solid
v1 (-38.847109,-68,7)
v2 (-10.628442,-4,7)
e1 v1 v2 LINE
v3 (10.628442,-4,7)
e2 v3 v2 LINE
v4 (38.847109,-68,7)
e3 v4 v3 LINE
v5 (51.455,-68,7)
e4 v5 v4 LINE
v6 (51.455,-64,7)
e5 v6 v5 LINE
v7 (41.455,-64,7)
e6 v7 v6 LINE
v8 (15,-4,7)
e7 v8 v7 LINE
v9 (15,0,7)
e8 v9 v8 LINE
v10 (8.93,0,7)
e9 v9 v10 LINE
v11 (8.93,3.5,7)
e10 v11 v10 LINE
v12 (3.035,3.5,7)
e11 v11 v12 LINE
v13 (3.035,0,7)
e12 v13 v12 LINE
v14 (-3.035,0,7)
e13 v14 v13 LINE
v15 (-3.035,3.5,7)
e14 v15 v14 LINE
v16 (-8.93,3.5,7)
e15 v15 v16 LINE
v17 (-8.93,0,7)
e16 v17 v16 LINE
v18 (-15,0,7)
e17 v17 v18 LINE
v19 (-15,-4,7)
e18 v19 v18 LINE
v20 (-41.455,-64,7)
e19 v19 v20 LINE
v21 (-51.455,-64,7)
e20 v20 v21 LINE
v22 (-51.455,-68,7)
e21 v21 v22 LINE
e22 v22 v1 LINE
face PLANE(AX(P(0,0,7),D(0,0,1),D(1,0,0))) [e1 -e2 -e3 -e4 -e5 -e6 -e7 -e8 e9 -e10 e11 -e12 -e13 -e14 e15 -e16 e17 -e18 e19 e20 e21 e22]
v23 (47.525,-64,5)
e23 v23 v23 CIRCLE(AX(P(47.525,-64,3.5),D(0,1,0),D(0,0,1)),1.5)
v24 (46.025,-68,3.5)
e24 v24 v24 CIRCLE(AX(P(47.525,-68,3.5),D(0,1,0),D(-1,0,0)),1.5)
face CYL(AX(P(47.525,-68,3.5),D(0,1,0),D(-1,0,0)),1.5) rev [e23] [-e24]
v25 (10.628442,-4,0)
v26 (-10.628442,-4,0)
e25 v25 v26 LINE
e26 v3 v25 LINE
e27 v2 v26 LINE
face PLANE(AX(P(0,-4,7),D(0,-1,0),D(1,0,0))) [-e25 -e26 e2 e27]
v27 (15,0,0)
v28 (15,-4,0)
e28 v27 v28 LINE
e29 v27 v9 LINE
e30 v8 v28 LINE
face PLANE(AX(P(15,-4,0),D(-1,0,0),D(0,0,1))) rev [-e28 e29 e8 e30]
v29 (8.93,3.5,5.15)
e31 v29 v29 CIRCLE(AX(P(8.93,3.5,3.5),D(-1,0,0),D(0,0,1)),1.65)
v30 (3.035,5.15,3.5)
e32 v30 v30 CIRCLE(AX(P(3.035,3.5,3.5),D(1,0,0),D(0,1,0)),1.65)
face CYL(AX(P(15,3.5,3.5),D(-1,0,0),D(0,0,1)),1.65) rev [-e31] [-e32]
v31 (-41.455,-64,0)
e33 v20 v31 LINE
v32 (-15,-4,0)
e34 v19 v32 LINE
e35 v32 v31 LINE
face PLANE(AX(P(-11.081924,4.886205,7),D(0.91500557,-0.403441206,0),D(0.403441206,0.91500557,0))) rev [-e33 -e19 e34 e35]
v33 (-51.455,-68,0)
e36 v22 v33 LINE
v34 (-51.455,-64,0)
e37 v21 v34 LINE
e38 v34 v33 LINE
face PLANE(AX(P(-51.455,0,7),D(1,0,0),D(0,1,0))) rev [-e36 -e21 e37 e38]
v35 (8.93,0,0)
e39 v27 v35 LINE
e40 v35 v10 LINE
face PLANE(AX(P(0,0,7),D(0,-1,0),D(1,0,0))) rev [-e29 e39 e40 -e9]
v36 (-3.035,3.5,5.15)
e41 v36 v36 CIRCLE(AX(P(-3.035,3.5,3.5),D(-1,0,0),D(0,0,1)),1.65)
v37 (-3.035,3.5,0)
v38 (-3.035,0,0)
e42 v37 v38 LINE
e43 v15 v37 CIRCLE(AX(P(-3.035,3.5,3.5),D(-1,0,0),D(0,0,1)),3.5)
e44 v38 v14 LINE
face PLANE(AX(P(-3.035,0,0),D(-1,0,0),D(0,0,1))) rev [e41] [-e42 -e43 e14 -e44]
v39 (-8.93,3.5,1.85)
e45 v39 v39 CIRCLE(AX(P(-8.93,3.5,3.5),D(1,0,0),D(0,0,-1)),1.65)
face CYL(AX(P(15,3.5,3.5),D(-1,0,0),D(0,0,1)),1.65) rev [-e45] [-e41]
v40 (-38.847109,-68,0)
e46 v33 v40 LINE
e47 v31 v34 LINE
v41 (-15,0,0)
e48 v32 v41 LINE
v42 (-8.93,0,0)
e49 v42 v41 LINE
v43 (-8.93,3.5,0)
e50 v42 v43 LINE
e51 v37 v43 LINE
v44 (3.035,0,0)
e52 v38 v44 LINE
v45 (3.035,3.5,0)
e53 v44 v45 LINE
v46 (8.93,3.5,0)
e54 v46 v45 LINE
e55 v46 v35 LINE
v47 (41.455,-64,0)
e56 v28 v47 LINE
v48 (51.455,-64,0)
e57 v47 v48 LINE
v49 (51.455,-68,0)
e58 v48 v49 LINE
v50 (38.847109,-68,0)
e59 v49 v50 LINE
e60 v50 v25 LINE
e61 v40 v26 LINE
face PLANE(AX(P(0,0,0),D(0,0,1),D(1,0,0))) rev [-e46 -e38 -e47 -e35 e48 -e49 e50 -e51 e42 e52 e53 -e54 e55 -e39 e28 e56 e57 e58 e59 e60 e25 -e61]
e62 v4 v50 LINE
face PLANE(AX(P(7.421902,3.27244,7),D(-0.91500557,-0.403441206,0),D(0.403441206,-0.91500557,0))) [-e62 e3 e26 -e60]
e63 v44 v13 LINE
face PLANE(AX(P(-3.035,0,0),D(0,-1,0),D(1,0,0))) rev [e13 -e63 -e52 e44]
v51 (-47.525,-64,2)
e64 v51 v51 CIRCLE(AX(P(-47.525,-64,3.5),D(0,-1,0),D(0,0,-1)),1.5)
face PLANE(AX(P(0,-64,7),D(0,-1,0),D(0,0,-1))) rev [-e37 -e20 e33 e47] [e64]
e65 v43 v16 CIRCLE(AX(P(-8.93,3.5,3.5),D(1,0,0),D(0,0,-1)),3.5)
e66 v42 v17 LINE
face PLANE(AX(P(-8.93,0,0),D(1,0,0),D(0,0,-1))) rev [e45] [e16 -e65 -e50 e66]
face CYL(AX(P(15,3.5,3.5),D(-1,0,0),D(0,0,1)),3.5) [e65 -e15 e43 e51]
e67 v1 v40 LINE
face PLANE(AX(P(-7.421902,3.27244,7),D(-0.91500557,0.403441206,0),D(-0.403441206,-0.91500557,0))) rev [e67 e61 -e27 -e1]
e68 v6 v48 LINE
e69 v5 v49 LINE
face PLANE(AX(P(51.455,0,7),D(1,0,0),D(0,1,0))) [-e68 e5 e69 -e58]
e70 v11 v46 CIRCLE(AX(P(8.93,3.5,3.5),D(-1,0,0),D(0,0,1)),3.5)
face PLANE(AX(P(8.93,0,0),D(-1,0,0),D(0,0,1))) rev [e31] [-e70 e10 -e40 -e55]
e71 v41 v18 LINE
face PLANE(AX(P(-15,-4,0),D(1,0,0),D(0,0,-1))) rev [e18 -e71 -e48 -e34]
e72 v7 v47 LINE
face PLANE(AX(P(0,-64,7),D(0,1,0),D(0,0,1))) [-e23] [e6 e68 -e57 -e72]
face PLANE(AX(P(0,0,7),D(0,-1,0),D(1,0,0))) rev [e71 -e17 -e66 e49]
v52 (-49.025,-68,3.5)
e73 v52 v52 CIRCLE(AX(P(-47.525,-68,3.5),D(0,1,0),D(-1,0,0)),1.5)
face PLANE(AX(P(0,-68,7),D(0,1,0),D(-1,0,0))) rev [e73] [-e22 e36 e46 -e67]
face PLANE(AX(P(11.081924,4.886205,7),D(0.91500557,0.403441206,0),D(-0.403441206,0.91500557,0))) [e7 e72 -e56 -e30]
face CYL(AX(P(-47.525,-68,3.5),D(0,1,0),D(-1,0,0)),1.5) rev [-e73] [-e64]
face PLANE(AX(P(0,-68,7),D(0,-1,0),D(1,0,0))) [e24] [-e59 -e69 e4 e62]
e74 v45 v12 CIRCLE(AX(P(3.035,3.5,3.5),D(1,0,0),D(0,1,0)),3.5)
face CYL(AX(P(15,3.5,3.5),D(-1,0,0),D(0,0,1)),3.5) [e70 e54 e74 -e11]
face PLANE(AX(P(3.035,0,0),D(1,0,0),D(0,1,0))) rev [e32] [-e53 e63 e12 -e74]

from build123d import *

# Parameters (mm, degrees)
SALIENTE_EXTRUIR3_DEPTH    = 7
CORTAR_EXTRUIR2_DEPTH      = 86.560604398
CORTAR_EXTRUIR2_DEPTH_BACK = 86.560604398
CROQUIS5_R                 = 1.5
CROQUIS6_R                 = 1.65
SALIENTE_EXTRUIR4_DEPTH    = 15
CROQUIS7_W                 = 6.07
CROQUIS7_H                 = 7
CORTAR_EXTRUIR3_DEPTH      = 86.560604398
CROQUIS8_W                 = 36.455
CROQUIS8_H                 = 4
CORTAR_EXTRUIR4_DEPTH      = 86.560604398


with BuildPart() as part:
    # Croquis4 → Saliente-Extruir3 (new body)
    with BuildSketch(Plane.XY):
        Polygon((-38.847108579, -68), (-10.628441913, -4), (-15, -4), (-41.455, -64), (-51.455, -64), (-51.455, -68), align=None)
        Polygon((0, -4), (0, 0), (-51.455, 0), (-51.455, -4), (-15, -4), (-10.628441913, -4), align=None)
        Polygon((51.455, -4), (51.455, 0), (0, 0), (0, -4), (10.628441913, -4), (15, -4), align=None)
        Polygon((41.455, -64), (15, -4), (10.628441913, -4), (38.847108579, -68), (51.455, -68), (51.455, -64), align=None)
    extrude(amount=SALIENTE_EXTRUIR3_DEPTH)

    # Croquis5 → Cortar-Extruir2 (cut, two sides: drawn at the far end of the back side and taken through both)
    with BuildSketch(Plane(origin=(0, 0, 0), x_dir=(1, 0, 0), z_dir=(0, 1, 0)).offset(-CORTAR_EXTRUIR2_DEPTH_BACK)):
        with Locations(Location((-47.525, -3.5, 0), (0, 0, 180))):
            Circle(CROQUIS5_R)
        with Locations(Location((47.525, -3.5, 0), (0, 0, 180))):
            Circle(CROQUIS5_R)
    extrude(amount=CORTAR_EXTRUIR2_DEPTH + CORTAR_EXTRUIR2_DEPTH_BACK, mode=Mode.SUBTRACT)

    # Croquis6 → Saliente-Extruir4 (add, symmetric)
    with BuildSketch(Plane(origin=(0, 0, 0), x_dir=(0, 0, -1), z_dir=(1, 0, 0))):
        with BuildLine():
            Line((-7, 0), (0, 0))
            Line((0, 0), (0, 3.5))
            ThreePointArc((0, 3.5), (-3.5, 7), (-7, 3.5))
            Line((-7, 3.5), (-7, 0))
        make_face()
        with Locations((-3.5, 3.5)):
            Circle(CROQUIS6_R, mode=Mode.SUBTRACT)
    extrude(amount=SALIENTE_EXTRUIR4_DEPTH, both=True)

    # Croquis7 → Cortar-Extruir3 (cut, through all)
    with BuildSketch(Plane.XY.offset(7)):
        with Locations((-11.965, 3.5)):
            Rectangle(CROQUIS7_W, CROQUIS7_H)
        with Locations((11.965, 3.5)):
            Rectangle(CROQUIS7_W, CROQUIS7_H)
        with Locations((0, 3.5)):
            Rectangle(CROQUIS7_W, CROQUIS7_H)
    extrude(amount=-CORTAR_EXTRUIR3_DEPTH, mode=Mode.SUBTRACT)

    # Croquis8 → Cortar-Extruir4 (cut, through all)
    with BuildSketch(Plane.XY.offset(7)):
        with Locations((-33.2275, -2)):
            Rectangle(CROQUIS8_W, CROQUIS8_H)
        with Locations((33.2275, -2)):
            Rectangle(CROQUIS8_W, CROQUIS8_H)
    extrude(amount=-CORTAR_EXTRUIR4_DEPTH, mode=Mode.SUBTRACT)


solid = part.part
